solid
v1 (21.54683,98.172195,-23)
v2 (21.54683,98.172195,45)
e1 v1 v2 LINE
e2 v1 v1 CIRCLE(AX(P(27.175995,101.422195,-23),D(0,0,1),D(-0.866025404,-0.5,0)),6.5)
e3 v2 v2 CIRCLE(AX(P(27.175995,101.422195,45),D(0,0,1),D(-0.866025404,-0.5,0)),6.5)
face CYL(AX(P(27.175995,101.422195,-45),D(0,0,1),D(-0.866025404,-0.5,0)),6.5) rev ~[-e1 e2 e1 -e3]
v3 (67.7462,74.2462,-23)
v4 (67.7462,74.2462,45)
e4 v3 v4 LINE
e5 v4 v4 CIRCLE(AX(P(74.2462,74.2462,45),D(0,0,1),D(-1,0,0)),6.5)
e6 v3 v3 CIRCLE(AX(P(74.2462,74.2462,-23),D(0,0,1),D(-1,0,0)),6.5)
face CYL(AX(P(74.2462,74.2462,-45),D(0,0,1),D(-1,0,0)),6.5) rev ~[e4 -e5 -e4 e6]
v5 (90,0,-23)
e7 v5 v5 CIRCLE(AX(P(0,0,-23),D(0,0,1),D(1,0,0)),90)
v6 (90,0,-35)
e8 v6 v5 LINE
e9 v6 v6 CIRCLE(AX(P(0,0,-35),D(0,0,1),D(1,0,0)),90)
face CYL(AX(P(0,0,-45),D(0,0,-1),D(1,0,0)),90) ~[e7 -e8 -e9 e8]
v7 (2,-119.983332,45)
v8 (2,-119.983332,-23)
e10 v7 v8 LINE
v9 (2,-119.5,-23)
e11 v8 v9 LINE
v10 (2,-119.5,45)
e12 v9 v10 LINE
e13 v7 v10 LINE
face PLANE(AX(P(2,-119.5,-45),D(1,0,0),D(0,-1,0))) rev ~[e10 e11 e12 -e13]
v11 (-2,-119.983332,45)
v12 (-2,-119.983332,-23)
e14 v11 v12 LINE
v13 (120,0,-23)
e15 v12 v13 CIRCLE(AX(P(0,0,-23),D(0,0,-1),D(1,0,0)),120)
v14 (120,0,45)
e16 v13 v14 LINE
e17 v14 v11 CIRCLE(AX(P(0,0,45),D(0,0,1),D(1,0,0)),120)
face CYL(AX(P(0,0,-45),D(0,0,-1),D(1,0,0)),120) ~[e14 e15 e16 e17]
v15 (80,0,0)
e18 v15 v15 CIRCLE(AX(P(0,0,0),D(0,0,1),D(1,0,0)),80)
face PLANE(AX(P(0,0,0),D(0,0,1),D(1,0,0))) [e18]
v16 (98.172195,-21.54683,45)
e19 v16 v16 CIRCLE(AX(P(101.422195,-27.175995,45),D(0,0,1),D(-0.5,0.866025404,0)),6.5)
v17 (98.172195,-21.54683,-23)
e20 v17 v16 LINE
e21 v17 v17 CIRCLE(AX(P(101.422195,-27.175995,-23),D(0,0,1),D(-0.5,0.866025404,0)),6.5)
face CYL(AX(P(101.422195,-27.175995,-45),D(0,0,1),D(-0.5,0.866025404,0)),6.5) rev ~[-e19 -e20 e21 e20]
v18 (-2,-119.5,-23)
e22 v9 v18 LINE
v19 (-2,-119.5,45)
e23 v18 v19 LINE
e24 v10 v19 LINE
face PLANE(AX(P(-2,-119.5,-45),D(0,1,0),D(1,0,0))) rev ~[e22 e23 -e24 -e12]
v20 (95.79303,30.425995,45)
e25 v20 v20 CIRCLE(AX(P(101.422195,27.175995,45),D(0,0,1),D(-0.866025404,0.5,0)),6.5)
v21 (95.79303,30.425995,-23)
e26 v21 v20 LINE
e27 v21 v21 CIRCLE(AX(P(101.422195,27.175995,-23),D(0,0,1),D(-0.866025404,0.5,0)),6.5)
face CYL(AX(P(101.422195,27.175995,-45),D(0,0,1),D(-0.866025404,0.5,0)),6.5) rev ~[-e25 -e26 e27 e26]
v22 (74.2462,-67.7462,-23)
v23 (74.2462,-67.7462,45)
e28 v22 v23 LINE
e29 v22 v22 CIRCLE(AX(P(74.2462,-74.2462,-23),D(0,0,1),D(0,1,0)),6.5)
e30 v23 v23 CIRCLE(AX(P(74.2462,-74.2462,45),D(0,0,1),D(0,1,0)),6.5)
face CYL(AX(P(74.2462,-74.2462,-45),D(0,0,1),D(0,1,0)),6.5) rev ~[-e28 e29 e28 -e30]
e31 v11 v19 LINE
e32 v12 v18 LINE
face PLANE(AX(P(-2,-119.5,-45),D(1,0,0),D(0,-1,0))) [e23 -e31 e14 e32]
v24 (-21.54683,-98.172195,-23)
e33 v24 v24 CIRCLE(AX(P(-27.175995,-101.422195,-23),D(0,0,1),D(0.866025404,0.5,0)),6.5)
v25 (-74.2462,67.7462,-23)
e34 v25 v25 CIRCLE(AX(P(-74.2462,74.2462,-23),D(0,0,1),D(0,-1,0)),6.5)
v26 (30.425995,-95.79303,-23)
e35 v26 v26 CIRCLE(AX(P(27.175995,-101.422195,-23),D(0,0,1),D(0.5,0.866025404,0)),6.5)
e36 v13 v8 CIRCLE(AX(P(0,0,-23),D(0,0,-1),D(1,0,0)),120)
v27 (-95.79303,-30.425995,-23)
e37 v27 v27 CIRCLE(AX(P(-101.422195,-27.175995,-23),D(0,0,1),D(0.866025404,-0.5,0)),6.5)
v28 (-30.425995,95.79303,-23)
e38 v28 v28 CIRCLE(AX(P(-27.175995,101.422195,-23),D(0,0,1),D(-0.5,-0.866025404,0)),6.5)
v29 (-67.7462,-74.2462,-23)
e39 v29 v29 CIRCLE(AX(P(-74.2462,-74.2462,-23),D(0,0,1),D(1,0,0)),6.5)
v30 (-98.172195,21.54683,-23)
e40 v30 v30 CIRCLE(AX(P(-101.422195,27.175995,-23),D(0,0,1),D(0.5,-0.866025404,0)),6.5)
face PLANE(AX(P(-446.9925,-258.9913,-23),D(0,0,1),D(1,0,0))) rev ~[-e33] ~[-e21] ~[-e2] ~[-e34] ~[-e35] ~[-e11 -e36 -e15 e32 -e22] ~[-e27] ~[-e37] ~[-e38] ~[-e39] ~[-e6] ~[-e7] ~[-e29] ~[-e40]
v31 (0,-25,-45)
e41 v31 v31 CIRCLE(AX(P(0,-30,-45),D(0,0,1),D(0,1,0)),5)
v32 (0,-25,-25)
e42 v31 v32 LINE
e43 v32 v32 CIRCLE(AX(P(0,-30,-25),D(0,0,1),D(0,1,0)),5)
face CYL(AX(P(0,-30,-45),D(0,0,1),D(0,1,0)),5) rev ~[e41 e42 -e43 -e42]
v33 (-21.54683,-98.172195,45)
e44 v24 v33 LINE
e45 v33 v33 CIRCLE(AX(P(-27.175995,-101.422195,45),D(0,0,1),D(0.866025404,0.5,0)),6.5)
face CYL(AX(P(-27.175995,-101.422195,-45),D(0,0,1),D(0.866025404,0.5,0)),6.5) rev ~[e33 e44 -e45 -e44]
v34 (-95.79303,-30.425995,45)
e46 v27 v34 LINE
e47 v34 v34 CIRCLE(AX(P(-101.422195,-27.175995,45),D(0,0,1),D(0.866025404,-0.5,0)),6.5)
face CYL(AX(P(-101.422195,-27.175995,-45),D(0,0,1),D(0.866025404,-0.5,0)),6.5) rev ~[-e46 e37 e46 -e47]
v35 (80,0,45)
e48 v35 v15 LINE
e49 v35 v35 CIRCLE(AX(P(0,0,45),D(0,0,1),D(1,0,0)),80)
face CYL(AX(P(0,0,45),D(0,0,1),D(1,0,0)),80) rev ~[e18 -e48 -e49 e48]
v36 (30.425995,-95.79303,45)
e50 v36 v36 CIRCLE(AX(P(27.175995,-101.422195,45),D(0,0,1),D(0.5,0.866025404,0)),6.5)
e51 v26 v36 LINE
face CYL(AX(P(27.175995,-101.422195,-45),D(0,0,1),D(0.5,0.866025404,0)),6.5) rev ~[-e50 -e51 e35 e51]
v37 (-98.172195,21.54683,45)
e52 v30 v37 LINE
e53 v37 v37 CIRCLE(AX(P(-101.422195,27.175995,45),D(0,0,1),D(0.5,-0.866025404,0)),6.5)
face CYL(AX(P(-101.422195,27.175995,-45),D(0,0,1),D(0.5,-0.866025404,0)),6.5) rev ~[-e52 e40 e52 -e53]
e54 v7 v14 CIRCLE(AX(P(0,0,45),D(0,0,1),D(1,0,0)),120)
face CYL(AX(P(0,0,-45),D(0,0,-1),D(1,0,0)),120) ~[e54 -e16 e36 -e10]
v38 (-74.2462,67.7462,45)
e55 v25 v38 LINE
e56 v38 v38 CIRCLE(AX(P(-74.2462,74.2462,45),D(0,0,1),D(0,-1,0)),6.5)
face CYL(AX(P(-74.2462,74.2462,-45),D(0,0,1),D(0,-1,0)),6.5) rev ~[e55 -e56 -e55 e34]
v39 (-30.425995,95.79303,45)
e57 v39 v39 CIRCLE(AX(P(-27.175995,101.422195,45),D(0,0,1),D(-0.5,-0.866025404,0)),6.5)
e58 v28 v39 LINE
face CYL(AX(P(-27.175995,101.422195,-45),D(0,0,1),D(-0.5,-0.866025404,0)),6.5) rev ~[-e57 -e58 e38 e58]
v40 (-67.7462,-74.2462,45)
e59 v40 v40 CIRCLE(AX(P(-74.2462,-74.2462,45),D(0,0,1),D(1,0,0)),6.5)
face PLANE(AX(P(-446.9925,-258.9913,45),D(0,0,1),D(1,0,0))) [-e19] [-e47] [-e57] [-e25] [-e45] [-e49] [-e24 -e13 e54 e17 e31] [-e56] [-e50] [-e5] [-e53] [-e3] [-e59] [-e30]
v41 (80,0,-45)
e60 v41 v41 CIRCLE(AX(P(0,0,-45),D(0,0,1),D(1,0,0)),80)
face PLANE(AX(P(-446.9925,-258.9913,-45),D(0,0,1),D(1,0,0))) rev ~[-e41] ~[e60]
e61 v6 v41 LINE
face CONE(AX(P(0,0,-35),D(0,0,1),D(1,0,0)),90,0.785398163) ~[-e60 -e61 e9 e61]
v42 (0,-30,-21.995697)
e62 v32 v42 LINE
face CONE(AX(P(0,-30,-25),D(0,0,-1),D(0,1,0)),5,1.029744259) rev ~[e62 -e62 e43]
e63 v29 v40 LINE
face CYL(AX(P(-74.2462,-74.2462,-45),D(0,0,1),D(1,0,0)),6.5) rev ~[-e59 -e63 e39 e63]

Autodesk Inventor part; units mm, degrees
ref_plane "YZ Plane" through (0, 0, 0) normal (1, 0, 0) x (0, 1, 0)
ref_plane "XZ Plane" through (0, 0, 0) normal (0, 1, 0) x (-1, 0, 0)
ref_plane "XY Plane" through (0, 0, 0) normal (0, 0, 1) x (1, 0, 0)
sketch "Sketch1" plane through (-446.9925, -258.9913, -45) normal (0, 0, 1) x (1, 0, 0)
  point P0 (521.2387, 184.7451)
sketch "Sketch2" plane through (-446.9925, -258.9913, -45) normal (0, 0, 1) x (1, 0, 0)
  circle A0 centre (446.9925, 258.9913) radius 120
  dimension "d43" = 240
extrude "ExtrusionBlind1" add sketch "Sketch2" along normal blind 90
sketch "Sketch3" plane through (-446.9925, -258.9913, -45) normal (0, 0, 1) x (1, 0, 0)
  circle A0 centre (446.9925, 258.9913) radius 143.9167
  circle A1 centre (446.9925, 258.9913) radius 90
  circle A2 centre (446.9925, 258.9913) radius 120 projected
  dimension "d44" = 287.8334
  dimension "d45" = 180
extrude "ExtrusionBlind2" cut sketch "Sketch3" along normal blind 22 contours A0 | A2
hole "Hole1" at (74.2462, -74.2462, -45) direction (0, 0, 1) diameter 13 end through all
pattern_circular "PolarArray1" count 12 over 360 about axis through (0, 0, -45) along (0, 0, 1) of "Hole1", "Hole1"
sketch "Sketch6" plane through (0, 0, -45) normal (0, 0, -1) x (-1, 0, 0)
  point P0 (0, -30)
sketch "Sketch7" plane through (0, 0, -45) normal (0, 0, -1) x (-1, 0, 0)
  point P0 (-22.5, 5.5)
sketch "Sketch8" plane through (0, 0, 45) normal (0, 0, 1) x (1, 0, 0)
  circle A0 centre (0, 0) radius 80
  circle A1 centre (0, 0) radius 120 projected
  dimension "d42" = 160
extrude "ExtrusionBlind3" cut sketch "Sketch8" against normal blind 45 contours A0
chamfer "Chamfer1" distance 10 angle 45 1 edges at (-90, 0, -45)
hole "Hole2" at (0, -30, -45) direction (0, 0, 1) diameter 10 depth 20 tip angle 118
hole "Hole3" [suppressed]
sketch "Sketch12" plane through (0, 0, -45) normal (0, 0, -1) x (-1, 0, 0)
  line L0 (-2, -119.5) -> (-2, -141.4896)
  line L1 (-2, -141.4896) -> (2, -141.4896)
  line L2 (2, -119.5) -> (2, -141.4896)
  line L3 (2, -119.5) -> (-2, -119.5)
  dimension "d46" = 4
  dimension "d47" = 21.9896
extrude "ExtrusionThru1" cut sketch "Sketch12" against normal through all
properties part number "XL200 PART1" material "Steel, Mild"
